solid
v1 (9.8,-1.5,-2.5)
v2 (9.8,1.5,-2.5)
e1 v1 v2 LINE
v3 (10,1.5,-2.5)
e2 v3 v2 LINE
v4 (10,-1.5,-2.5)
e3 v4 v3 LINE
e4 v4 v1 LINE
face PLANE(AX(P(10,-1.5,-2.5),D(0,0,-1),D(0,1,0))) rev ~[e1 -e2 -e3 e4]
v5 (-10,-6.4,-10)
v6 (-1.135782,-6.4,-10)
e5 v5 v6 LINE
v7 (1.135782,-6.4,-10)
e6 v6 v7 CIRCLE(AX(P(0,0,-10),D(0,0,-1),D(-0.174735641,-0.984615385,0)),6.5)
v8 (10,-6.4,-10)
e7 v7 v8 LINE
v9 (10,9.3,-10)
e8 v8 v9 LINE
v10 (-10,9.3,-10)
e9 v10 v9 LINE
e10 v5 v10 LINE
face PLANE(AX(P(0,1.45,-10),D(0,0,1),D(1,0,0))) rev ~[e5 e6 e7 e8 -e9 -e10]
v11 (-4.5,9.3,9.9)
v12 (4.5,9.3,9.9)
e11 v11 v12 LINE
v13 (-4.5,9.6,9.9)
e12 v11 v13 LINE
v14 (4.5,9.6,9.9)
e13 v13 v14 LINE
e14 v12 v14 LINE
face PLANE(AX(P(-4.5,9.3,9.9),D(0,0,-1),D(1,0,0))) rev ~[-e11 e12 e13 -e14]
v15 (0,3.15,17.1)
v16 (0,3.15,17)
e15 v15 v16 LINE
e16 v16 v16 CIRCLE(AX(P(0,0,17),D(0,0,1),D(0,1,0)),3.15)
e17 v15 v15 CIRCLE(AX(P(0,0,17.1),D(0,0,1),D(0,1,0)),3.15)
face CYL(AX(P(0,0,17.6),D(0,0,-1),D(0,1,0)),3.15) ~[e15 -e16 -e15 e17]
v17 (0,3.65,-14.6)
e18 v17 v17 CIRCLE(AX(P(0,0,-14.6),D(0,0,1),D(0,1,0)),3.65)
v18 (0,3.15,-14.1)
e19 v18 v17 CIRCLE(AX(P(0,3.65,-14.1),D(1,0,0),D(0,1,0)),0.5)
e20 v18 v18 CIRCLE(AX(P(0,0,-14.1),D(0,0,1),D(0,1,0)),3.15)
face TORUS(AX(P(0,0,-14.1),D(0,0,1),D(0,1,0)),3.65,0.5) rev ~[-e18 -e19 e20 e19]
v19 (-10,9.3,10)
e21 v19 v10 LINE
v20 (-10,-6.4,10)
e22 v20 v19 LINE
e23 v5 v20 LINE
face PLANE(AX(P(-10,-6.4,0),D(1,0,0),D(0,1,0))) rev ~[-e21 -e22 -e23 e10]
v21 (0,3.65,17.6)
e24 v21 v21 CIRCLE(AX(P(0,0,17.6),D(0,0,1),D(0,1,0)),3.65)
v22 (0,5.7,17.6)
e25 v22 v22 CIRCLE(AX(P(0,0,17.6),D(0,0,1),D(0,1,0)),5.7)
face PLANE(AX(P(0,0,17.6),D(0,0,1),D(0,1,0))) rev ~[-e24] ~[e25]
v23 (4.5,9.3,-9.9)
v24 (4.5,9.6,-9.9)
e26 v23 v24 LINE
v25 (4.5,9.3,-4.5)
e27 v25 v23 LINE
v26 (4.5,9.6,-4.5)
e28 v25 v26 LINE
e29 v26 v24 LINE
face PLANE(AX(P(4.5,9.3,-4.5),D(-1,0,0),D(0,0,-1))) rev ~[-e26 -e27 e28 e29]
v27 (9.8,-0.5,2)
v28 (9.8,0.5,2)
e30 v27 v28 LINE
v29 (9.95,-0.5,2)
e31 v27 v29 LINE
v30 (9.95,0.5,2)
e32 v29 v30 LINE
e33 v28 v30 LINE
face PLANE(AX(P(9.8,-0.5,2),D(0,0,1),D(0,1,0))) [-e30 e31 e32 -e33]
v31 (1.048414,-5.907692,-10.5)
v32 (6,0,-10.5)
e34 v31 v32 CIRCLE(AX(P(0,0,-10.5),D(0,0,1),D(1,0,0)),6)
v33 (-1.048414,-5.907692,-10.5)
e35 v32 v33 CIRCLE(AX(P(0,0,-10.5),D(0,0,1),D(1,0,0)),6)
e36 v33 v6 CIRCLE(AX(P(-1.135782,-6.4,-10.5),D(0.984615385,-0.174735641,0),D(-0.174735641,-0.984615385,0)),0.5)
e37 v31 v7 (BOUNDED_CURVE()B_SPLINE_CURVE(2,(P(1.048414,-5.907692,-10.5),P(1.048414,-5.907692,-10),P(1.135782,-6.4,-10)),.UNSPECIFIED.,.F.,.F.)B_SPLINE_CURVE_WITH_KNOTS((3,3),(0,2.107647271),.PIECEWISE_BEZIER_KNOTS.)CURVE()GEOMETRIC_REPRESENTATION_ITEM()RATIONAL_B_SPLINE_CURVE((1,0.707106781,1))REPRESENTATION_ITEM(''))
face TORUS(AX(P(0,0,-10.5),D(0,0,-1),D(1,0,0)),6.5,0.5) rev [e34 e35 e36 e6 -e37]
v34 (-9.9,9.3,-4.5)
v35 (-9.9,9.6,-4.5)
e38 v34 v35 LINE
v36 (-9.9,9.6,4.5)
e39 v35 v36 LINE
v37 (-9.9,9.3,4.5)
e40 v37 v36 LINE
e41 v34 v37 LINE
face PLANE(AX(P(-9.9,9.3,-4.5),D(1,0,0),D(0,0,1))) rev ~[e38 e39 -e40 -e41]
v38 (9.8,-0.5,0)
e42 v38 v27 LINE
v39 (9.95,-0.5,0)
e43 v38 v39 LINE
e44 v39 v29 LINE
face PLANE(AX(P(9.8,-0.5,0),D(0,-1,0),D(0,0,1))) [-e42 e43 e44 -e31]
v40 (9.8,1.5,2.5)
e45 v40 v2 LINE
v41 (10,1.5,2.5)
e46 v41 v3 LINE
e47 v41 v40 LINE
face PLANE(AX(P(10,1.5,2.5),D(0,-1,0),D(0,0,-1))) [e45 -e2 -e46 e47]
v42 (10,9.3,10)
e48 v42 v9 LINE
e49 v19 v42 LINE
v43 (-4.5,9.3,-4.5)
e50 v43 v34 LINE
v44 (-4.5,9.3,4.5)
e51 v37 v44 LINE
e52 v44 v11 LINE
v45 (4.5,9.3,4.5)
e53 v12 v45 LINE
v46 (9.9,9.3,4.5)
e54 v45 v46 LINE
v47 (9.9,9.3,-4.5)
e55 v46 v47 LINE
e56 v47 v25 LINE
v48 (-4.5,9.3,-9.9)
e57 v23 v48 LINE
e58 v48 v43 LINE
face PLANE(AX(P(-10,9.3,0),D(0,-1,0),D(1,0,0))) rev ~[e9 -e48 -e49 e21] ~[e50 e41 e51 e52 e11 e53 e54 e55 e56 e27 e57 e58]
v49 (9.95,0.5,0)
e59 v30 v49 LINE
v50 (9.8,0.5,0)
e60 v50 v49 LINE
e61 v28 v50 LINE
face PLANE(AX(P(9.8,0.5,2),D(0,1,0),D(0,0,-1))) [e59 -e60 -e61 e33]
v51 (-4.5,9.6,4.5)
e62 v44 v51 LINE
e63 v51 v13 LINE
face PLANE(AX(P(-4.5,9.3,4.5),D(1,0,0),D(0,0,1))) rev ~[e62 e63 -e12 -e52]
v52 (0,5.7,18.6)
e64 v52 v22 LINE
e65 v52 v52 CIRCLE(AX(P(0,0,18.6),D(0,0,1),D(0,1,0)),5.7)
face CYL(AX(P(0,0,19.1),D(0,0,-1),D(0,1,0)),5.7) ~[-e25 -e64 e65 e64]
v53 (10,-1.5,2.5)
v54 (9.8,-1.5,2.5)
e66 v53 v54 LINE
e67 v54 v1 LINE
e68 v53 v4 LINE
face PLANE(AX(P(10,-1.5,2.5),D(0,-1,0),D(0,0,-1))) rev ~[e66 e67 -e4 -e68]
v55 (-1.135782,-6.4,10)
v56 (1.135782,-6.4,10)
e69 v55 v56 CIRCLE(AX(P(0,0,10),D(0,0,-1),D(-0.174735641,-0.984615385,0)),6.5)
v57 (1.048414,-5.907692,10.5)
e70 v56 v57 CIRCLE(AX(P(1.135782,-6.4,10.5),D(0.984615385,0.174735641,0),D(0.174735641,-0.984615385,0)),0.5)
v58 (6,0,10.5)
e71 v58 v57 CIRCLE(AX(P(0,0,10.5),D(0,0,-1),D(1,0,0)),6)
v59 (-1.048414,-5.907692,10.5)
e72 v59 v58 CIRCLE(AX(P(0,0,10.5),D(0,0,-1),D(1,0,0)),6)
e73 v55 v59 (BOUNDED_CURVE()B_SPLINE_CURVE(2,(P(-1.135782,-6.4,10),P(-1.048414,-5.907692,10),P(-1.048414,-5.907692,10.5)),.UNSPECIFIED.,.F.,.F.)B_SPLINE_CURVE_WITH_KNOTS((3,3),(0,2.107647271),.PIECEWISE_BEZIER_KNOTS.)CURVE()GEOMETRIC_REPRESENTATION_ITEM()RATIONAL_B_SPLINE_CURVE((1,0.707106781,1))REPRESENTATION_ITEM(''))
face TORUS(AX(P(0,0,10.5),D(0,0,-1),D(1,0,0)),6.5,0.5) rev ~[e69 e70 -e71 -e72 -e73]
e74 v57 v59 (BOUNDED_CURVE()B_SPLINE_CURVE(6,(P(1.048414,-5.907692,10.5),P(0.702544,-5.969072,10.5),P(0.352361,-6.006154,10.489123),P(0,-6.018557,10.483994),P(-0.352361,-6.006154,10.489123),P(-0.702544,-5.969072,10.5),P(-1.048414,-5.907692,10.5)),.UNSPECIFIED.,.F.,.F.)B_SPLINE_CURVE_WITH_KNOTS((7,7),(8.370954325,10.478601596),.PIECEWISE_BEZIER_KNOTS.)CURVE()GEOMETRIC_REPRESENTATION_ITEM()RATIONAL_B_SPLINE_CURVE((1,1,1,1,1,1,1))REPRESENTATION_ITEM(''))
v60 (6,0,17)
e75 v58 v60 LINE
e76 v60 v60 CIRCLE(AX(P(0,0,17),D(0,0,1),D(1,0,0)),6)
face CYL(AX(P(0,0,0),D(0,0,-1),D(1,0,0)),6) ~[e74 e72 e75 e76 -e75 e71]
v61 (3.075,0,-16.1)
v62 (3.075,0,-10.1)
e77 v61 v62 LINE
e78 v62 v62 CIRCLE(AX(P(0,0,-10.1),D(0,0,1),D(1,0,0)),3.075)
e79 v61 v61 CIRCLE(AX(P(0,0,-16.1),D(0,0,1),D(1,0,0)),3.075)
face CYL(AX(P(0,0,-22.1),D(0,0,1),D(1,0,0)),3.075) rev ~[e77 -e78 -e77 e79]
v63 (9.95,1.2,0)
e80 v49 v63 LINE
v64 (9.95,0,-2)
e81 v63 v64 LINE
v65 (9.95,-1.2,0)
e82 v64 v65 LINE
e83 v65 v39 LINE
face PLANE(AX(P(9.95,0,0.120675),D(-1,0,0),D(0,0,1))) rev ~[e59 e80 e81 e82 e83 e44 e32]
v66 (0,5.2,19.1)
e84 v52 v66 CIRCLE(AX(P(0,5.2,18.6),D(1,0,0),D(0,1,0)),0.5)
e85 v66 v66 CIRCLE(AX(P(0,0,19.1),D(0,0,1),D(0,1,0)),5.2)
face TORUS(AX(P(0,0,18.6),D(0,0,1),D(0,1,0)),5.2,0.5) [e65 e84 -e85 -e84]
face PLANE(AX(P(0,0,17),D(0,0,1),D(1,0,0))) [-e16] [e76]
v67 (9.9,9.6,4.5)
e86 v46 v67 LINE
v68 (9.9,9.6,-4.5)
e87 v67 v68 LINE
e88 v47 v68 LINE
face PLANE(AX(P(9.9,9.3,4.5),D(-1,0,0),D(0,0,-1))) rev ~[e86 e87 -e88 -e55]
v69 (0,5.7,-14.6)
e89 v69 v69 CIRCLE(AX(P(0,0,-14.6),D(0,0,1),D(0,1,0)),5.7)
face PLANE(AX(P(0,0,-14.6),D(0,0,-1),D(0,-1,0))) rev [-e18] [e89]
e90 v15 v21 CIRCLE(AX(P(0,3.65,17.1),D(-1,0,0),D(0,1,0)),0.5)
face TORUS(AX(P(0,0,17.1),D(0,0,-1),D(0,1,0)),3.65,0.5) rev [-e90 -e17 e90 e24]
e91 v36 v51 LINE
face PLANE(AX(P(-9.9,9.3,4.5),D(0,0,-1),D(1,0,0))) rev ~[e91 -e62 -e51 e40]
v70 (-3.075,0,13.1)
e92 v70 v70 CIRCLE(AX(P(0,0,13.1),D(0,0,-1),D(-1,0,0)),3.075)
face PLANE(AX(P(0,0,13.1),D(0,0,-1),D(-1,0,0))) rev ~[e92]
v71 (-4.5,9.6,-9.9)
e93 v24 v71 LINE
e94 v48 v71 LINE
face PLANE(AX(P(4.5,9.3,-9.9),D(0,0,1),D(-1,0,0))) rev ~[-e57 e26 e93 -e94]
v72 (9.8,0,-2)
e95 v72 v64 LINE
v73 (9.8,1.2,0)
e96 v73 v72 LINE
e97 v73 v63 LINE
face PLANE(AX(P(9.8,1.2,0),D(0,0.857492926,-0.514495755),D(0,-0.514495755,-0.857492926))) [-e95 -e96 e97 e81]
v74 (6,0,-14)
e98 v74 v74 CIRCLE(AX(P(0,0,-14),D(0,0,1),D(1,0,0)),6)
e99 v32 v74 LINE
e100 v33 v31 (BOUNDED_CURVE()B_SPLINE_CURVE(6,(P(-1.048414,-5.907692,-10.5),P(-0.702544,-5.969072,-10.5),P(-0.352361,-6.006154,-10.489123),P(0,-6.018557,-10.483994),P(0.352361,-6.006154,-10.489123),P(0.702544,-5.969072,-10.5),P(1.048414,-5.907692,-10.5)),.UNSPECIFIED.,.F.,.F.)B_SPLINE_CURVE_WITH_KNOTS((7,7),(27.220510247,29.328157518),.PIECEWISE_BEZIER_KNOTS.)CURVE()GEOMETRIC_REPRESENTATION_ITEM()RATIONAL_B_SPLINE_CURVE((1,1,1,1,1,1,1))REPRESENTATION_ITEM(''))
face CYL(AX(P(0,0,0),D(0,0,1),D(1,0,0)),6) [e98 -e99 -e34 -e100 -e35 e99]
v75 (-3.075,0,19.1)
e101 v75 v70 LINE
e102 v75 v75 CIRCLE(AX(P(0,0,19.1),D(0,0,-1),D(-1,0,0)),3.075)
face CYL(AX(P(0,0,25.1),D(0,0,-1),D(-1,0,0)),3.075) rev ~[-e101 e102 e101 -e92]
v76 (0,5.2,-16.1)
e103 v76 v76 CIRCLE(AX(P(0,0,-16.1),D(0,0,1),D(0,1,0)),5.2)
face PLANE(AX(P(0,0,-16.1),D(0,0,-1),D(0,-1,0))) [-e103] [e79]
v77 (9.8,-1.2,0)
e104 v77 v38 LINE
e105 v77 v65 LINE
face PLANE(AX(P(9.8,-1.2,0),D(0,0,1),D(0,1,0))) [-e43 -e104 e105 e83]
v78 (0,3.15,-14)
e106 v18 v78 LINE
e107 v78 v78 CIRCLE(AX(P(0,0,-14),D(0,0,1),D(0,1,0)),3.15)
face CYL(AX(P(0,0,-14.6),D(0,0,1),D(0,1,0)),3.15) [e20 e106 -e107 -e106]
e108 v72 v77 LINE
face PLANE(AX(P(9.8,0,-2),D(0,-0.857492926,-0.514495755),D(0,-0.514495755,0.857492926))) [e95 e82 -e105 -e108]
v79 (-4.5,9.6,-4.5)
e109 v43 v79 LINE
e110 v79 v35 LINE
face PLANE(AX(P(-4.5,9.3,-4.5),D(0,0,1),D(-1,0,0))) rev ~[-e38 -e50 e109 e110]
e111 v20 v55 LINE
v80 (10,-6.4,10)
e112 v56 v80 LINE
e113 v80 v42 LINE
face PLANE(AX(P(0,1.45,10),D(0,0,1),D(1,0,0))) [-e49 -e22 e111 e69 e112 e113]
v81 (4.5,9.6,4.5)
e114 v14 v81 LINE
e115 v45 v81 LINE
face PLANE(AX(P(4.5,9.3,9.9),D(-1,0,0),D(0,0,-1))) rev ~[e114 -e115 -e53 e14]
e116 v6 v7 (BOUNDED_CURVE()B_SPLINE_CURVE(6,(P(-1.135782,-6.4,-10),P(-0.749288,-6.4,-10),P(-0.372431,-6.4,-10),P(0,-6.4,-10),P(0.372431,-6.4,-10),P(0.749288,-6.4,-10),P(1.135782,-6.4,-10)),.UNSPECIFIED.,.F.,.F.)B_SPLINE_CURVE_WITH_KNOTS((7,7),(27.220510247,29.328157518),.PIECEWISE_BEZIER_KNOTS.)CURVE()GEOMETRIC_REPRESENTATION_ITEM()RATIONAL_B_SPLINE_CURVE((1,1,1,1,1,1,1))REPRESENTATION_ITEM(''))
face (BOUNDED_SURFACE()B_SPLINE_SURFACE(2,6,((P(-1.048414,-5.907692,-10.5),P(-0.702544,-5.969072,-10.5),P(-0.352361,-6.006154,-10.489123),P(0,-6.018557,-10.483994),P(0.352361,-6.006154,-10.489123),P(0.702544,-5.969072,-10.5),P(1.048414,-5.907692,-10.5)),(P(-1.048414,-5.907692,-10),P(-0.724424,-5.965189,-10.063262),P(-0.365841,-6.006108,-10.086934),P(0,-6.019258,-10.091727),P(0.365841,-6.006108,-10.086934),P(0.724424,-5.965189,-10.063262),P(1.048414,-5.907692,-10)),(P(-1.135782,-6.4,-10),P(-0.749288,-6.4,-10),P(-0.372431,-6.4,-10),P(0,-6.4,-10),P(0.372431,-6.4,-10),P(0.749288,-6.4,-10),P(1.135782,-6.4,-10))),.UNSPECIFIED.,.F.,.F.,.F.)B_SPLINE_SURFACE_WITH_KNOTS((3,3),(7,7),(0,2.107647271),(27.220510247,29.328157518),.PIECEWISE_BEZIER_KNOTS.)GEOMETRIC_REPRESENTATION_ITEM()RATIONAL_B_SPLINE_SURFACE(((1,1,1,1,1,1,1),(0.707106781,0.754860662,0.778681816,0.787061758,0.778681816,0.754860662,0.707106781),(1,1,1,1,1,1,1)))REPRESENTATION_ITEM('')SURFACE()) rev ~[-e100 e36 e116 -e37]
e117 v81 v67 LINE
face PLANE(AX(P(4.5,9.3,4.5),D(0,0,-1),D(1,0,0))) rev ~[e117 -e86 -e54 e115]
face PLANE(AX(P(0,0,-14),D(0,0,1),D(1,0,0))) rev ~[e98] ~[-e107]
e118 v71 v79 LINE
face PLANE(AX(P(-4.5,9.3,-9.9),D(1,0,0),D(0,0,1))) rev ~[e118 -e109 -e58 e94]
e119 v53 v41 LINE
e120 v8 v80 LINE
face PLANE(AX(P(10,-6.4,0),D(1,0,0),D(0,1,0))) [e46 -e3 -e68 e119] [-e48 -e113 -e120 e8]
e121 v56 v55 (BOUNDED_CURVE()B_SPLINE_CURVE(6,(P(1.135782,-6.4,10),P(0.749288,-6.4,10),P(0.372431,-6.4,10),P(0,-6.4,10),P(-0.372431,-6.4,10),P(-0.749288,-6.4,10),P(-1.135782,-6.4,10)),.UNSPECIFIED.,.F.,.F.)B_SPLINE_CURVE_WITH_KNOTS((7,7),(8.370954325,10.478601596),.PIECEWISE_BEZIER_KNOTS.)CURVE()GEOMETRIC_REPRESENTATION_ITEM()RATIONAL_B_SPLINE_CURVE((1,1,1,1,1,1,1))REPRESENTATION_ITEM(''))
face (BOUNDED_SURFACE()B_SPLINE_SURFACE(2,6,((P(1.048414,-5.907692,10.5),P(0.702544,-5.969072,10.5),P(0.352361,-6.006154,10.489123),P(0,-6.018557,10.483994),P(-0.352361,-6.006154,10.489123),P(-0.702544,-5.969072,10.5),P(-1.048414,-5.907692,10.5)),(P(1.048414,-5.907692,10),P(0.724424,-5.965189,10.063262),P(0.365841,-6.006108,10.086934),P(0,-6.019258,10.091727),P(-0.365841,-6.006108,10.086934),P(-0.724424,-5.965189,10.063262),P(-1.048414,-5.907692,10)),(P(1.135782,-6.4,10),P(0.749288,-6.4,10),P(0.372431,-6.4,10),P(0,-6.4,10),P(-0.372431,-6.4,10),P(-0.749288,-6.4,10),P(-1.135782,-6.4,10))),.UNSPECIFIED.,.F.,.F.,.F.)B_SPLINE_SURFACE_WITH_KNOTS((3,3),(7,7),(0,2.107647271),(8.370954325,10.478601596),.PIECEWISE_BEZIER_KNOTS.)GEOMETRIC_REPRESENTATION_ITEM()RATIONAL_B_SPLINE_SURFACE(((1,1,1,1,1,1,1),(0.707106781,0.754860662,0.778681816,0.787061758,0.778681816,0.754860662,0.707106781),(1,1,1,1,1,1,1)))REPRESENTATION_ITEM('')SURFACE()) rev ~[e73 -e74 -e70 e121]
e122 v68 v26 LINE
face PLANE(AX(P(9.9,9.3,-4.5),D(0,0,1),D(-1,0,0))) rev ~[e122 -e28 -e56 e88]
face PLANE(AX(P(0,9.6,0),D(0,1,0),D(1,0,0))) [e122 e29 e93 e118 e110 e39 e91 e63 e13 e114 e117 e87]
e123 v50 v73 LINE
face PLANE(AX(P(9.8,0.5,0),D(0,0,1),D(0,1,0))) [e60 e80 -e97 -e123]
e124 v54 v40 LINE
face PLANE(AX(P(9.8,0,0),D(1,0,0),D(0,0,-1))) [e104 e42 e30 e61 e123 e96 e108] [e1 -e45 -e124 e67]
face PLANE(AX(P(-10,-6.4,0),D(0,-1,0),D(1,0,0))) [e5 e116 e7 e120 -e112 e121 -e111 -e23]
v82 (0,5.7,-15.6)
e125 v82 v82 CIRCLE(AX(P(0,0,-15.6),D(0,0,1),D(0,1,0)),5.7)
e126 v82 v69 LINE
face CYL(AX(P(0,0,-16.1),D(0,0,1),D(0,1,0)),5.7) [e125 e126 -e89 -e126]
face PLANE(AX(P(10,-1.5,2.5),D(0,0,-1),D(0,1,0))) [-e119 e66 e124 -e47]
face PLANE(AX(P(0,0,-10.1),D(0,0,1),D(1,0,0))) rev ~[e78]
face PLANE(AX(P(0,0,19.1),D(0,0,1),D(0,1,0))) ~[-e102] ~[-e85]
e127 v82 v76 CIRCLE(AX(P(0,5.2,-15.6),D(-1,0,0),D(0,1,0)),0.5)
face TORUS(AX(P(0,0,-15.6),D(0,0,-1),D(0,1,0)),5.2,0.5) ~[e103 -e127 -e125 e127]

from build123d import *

# Parameters (mm, degrees)
SKETCH1_W                      = 20
SKETCH1_H                      = 15.7
BOSS_EXTRUDE1_DEPTH            = 10
SKETCH3_R                      = 6
BOSS_EXTRUDE2_DEPTH            = 17
BOSS_EXTRUDE2_DEPTH_BACK       = 14
FILLET1_R                      = 0.5
SKETCH4_W                      = 5
SKETCH4_H                      = 3
CUT_EXTRUDE1_DEPTH             = 0.2
BOSS_EXTRUDE3_DEPTH            = 0.15
FILLET2_R                      = 0.5
ONE_TOUCH_PORT_D               = 6.15
ONE_TOUCH_PORT_DEPTH           = 6
ONE_TOUCH_PORT_ON_FACE_2_D     = 6.15
ONE_TOUCH_PORT_ON_FACE_2_DEPTH = 6
BOSS_EXTRUDE4_DEPTH            = 0.3


with BuildPart() as part:
    # Sketch1 → Boss-Extrude1 (new body, symmetric)
    with BuildSketch(Plane.XY):
        with Locations((0, 1.45)):
            Rectangle(SKETCH1_W, SKETCH1_H)
    extrude(amount=BOSS_EXTRUDE1_DEPTH, both=True)

    # Sketch3 → Boss-Extrude2 (add, two sides)
    with BuildSketch(Plane.XY) as boss_extrude2_sk:
        Circle(SKETCH3_R)
    extrude(amount=BOSS_EXTRUDE2_DEPTH)
    extrude(boss_extrude2_sk.sketch, amount=-BOSS_EXTRUDE2_DEPTH_BACK)

    # Fillet1
    fillet1_edges = [part.edges().sort_by_distance(p)[0] for p in [
        (-6, 0, 10),
        (-6, 0, -10),
    ]]
    fillet(fillet1_edges, radius=FILLET1_R)

    # Sketch4 → Cut-Extrude1 (cut)
    with BuildSketch(Plane(origin=(10, 0, 0), x_dir=(0, 0, -1), z_dir=(1, 0, 0))):
        Rectangle(SKETCH4_W, SKETCH4_H)
    extrude(amount=-CUT_EXTRUDE1_DEPTH, mode=Mode.SUBTRACT)

    # Sketch5 → Boss-Extrude3 (add)
    with BuildSketch(Plane(origin=(9.8, 0, 0), x_dir=(0, 0, -1), z_dir=(1, 0, 0))):
        Polygon((0, 1.2), (2, 0), (0, -1.2), (0, -0.5), (-2, -0.5), (-2, 0.5), (0, 0.5), align=None)
    extrude(amount=BOSS_EXTRUDE3_DEPTH)

    # Sketch8 → Revolve2 (revolve)
    with BuildSketch(Plane(origin=(0, 0, 0), x_dir=(0, 0, -1), z_dir=(1, 0, 0))):
        Polygon((-17, 0), (-19.1, 0), (-19.1, 5.7), (-17.6, 5.7), (-17.6, 3.15), (-17, 3.15), align=None)
    revolve2 = revolve(axis=Axis((0, 0, -80.9), (0, 0, 1)))

    # Mirror1: Revolve2 across plane
    add(revolve2.mirror(Plane.XY.offset(1.5)))

    # Fillet2
    fillet2_edges = [part.edges().sort_by_distance(p)[0] for p in [
        (0, -5.7, 19.1),
        (0, -3.15, 17.6),
        (0, -5.7, -16.1),
        (0, -3.15, -14.6),
    ]]
    fillet(fillet2_edges, radius=FILLET2_R)

    # One Touch Port
    with Locations(Plane.XY.offset(19.1)):
        with Locations((0, 0)):
            Hole(ONE_TOUCH_PORT_D / 2, depth=ONE_TOUCH_PORT_DEPTH)

    # One Touch Port on face 2
    with Locations(Plane(origin=(0, 0, -16.1), x_dir=(-1, 0, 0), z_dir=(0, 0, -1))):
        with Locations((0, 0)):
            Hole(ONE_TOUCH_PORT_ON_FACE_2_D / 2, depth=ONE_TOUCH_PORT_ON_FACE_2_DEPTH)

    # Sketch11 → Boss-Extrude4 (add)
    with BuildSketch(Plane(origin=(0, 9.3, 0), x_dir=(1, 0, 0), z_dir=(0, 1, 0))):
        Polygon((-9.9, -4.5), (-4.5, -4.5), (-4.5, -9.9), (4.5, -9.9), (4.5, -4.5), (9.9, -4.5), (9.9, 4.5), (4.5, 4.5), (4.5, 9.9), (-4.5, 9.9), (-4.5, 4.5), (-9.9, 4.5), align=None)
    extrude(amount=BOSS_EXTRUDE4_DEPTH)


solid = part.part
